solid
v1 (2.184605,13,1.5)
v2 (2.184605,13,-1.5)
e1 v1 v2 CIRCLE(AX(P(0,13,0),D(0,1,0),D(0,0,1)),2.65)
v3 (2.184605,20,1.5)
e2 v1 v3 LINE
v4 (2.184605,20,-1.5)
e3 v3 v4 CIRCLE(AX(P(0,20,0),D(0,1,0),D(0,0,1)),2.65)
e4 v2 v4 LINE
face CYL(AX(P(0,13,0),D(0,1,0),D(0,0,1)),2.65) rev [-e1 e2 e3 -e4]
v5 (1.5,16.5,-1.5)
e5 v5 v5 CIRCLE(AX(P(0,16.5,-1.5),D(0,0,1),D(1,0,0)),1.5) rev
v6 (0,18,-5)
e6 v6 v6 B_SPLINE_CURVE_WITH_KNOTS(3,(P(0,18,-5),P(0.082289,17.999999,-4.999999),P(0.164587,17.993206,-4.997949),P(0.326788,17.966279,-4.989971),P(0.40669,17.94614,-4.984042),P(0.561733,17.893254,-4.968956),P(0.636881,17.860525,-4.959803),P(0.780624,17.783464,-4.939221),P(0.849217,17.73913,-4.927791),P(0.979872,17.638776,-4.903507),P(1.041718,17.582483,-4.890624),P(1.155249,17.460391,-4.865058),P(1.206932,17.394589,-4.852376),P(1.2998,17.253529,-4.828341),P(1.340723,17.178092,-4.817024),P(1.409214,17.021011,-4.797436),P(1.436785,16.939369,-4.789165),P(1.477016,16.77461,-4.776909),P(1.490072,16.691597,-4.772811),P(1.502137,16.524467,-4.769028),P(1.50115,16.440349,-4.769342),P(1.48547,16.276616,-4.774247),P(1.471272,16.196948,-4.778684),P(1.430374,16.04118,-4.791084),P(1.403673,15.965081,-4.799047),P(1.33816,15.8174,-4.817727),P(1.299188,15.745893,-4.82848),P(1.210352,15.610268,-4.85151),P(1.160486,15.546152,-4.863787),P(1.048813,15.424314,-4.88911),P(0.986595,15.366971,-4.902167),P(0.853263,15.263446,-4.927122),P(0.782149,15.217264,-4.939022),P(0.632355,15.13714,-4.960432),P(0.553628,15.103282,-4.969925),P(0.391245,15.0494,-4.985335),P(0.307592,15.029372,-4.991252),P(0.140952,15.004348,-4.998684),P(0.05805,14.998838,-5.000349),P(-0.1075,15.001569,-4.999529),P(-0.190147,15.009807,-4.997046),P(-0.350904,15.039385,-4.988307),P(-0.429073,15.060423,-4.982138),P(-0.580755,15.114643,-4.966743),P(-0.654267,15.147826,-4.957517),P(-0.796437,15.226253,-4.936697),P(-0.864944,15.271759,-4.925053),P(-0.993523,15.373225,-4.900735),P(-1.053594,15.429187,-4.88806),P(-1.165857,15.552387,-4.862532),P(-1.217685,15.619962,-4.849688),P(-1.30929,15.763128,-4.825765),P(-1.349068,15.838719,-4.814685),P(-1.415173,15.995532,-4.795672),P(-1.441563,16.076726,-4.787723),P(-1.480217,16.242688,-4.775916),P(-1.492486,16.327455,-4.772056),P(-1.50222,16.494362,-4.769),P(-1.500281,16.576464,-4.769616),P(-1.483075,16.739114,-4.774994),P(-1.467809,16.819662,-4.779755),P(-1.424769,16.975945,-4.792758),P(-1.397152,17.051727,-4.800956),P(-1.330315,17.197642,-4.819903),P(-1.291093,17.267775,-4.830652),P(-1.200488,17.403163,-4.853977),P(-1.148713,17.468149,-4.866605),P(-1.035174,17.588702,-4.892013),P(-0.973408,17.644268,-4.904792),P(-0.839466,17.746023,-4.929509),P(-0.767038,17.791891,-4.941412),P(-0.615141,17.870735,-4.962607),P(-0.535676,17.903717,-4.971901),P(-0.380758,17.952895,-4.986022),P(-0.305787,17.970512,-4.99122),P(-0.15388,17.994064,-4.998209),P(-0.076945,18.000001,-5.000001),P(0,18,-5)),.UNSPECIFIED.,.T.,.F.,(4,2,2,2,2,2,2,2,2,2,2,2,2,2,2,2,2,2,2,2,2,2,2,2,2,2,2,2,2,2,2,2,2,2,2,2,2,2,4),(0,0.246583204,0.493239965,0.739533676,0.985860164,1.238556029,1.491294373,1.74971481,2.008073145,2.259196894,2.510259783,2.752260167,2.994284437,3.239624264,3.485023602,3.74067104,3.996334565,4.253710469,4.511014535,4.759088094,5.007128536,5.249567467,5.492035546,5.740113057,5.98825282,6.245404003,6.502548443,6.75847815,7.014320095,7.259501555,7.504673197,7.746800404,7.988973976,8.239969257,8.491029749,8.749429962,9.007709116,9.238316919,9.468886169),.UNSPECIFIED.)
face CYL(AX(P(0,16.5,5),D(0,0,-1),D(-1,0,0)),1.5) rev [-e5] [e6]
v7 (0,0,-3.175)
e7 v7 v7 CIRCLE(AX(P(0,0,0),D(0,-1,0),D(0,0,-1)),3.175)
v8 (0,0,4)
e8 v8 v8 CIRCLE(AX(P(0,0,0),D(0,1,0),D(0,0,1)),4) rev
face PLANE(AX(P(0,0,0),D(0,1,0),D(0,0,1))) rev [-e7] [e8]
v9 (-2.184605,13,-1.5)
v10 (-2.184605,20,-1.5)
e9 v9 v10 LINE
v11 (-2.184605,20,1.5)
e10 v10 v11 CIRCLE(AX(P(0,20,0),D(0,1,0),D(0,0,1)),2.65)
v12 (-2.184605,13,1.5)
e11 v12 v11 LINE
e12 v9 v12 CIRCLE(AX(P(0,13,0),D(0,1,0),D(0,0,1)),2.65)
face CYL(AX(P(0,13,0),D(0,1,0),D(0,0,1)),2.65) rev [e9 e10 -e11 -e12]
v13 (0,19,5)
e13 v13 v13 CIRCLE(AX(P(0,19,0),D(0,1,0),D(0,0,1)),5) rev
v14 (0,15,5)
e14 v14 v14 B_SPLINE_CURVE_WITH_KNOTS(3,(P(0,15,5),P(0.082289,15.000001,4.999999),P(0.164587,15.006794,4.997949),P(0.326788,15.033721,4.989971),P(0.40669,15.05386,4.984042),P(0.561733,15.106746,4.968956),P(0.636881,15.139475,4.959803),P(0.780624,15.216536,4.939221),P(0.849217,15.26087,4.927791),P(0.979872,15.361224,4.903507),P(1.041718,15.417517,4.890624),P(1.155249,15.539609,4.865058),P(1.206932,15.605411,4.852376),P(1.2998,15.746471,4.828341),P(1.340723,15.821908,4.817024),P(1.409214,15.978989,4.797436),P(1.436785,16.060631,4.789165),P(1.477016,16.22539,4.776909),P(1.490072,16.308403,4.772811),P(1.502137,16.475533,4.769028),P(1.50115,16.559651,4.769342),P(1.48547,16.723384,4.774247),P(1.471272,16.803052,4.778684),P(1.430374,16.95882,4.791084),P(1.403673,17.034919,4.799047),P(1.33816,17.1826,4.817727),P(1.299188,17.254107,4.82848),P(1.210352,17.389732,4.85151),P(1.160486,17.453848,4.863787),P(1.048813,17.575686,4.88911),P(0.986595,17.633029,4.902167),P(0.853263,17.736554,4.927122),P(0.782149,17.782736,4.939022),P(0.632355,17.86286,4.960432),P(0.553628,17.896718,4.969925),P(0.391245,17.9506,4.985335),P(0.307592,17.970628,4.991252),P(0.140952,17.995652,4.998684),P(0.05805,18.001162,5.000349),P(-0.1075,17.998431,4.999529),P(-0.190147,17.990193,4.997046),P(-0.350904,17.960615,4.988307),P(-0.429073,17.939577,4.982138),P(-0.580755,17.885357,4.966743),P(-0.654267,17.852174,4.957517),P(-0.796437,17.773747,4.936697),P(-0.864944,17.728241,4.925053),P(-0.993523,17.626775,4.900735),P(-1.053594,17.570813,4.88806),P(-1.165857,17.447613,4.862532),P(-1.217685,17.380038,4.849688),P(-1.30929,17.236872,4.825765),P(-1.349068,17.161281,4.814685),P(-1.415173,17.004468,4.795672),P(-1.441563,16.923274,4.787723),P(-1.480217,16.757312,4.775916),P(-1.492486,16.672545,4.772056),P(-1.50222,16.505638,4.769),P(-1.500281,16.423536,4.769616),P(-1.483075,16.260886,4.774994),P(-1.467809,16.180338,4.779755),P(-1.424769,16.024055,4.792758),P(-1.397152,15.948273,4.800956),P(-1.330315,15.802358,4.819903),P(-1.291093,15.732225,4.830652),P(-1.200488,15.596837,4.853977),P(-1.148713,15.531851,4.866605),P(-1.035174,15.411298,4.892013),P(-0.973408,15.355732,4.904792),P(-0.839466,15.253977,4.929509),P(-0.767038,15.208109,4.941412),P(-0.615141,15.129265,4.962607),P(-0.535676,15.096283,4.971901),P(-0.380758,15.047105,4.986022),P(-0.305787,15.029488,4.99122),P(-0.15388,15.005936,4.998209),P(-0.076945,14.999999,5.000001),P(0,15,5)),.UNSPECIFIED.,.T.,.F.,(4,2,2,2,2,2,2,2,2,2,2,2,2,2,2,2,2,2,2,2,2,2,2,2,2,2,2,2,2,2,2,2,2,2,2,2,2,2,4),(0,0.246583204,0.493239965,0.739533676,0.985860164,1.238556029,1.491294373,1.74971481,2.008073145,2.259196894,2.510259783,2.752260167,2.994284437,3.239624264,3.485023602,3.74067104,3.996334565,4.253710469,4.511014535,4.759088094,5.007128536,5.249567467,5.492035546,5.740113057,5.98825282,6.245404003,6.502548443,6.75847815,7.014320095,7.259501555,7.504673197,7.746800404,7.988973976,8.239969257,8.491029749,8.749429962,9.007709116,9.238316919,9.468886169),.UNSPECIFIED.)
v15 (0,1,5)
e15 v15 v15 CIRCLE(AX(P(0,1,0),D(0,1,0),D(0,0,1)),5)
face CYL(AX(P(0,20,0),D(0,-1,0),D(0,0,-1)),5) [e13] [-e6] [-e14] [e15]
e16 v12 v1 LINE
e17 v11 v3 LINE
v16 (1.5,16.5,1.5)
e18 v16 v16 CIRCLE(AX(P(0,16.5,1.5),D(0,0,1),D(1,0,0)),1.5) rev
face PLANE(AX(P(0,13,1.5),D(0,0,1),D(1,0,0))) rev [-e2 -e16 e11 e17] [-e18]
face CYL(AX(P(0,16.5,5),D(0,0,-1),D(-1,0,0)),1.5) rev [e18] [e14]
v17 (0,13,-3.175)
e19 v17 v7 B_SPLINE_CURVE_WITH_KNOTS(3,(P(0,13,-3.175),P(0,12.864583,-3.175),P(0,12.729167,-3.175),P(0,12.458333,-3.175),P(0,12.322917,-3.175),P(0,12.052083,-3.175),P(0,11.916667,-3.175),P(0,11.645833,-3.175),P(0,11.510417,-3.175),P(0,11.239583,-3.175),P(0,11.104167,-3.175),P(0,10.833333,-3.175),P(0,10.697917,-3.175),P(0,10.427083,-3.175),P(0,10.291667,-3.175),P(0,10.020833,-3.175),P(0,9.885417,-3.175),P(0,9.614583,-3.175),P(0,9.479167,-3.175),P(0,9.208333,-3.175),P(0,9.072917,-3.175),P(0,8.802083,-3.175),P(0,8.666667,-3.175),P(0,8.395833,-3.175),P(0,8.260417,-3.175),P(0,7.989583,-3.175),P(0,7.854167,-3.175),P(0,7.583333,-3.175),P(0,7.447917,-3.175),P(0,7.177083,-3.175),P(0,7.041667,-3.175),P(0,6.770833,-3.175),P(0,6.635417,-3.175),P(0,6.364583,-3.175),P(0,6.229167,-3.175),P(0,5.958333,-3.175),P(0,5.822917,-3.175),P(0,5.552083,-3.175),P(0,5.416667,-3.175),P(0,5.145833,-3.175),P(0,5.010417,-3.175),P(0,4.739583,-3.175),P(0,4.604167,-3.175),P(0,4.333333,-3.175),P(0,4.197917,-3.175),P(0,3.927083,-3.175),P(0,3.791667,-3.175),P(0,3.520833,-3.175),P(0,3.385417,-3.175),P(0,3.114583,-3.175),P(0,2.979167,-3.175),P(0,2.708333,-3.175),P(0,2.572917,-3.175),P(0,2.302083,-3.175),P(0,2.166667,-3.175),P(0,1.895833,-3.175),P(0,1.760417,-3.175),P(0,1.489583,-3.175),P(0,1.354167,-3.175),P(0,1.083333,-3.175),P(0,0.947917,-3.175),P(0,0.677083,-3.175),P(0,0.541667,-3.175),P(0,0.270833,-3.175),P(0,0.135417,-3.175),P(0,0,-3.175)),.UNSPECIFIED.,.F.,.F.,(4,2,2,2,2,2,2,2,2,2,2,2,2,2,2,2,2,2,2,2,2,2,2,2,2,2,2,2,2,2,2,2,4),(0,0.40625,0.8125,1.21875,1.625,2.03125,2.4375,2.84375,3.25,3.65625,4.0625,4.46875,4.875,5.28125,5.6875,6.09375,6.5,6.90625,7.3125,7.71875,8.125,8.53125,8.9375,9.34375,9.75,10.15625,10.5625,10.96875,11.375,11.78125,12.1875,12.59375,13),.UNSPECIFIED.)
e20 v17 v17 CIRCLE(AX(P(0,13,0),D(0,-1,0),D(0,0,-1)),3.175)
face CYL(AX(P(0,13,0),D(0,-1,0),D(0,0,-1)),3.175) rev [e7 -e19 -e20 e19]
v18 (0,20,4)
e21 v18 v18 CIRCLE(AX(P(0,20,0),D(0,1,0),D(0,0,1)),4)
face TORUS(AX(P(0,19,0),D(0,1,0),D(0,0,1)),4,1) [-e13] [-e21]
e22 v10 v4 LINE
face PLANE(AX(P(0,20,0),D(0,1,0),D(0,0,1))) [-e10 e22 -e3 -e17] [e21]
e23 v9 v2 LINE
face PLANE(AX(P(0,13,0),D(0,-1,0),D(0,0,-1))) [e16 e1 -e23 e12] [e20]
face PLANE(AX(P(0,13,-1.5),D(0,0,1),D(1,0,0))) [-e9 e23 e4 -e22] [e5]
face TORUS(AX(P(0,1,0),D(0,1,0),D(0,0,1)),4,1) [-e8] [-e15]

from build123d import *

# Parameters (mm, degrees)
CROQUIS1_R                 = 5
SALIENTE_EXTRUIR1_DEPTH    = 20
CORTAR_EXTRUIR1_DEPTH      = 7
CORTAR_EXTRUIR2_DEPTH      = 22.615966321
CORTAR_EXTRUIR2_DEPTH_BACK = 22.615966321
CROQUIS3_R                 = 1.5
CROQUIS4_R                 = 3.175
CORTAR_EXTRUIR3_DEPTH      = 13
REDONDEO1_R                = 1


with BuildPart() as part:
    # Croquis1 → Saliente-Extruir1 (new body)
    with BuildSketch(Plane(origin=(0, 0, 0), x_dir=(1, 0, 0), z_dir=(0, 1, 0))):
        with Locations(Location((0, 0, 0), (0, 0, 270))):
            Circle(CROQUIS1_R)
    extrude(amount=SALIENTE_EXTRUIR1_DEPTH)

    # Croquis2 → Cortar-Extruir1 (cut)
    with BuildSketch(Plane(origin=(0, 20, 0), x_dir=(1, 0, 0), z_dir=(0, 1, 0))):
        with BuildLine():
            Line((2.184605227, 1.5), (0, 1.5))
            Line((0, 1.5), (-2.184605227, 1.5))
            ThreePointArc((-2.184605227, 1.5), (-2.65, 0), (-2.184605227, -1.5))
            Line((-2.184605227, -1.5), (0, -1.5))
            Line((0, -1.5), (2.184605227, -1.5))
            ThreePointArc((2.184605227, -1.5), (2.530978452, -0.785269427), (2.65, 0))
            ThreePointArc((2.65, 0), (2.530978452, 0.785269427), (2.184605227, 1.5))
        make_face()
    extrude(amount=-CORTAR_EXTRUIR1_DEPTH, mode=Mode.SUBTRACT)

    # Croquis3 → Cortar-Extruir2 (cut, two sides: drawn at the far end of the back side and taken through both)
    with BuildSketch(Plane.XY.offset(-1.5).offset(-CORTAR_EXTRUIR2_DEPTH_BACK)):
        with Locations(Location((0, 16.5, 0), (0, 0, 90))):
            Circle(CROQUIS3_R)
    extrude(amount=CORTAR_EXTRUIR2_DEPTH + CORTAR_EXTRUIR2_DEPTH_BACK, mode=Mode.SUBTRACT)

    # Croquis4 → Cortar-Extruir3 (cut)
    with BuildSketch(Plane.XZ):
        with Locations(Location((0, 0, 0), (0, 0, 270))):
            Circle(CROQUIS4_R)
    extrude(amount=-CORTAR_EXTRUIR3_DEPTH, mode=Mode.SUBTRACT)

    # Redondeo1
    redondeo1_edges = [part.edges().sort_by_distance(p)[0] for p in [
        (0, 0, -5),
        (0, 20, -5),
    ]]
    fillet(redondeo1_edges, radius=REDONDEO1_R)


solid = part.part
